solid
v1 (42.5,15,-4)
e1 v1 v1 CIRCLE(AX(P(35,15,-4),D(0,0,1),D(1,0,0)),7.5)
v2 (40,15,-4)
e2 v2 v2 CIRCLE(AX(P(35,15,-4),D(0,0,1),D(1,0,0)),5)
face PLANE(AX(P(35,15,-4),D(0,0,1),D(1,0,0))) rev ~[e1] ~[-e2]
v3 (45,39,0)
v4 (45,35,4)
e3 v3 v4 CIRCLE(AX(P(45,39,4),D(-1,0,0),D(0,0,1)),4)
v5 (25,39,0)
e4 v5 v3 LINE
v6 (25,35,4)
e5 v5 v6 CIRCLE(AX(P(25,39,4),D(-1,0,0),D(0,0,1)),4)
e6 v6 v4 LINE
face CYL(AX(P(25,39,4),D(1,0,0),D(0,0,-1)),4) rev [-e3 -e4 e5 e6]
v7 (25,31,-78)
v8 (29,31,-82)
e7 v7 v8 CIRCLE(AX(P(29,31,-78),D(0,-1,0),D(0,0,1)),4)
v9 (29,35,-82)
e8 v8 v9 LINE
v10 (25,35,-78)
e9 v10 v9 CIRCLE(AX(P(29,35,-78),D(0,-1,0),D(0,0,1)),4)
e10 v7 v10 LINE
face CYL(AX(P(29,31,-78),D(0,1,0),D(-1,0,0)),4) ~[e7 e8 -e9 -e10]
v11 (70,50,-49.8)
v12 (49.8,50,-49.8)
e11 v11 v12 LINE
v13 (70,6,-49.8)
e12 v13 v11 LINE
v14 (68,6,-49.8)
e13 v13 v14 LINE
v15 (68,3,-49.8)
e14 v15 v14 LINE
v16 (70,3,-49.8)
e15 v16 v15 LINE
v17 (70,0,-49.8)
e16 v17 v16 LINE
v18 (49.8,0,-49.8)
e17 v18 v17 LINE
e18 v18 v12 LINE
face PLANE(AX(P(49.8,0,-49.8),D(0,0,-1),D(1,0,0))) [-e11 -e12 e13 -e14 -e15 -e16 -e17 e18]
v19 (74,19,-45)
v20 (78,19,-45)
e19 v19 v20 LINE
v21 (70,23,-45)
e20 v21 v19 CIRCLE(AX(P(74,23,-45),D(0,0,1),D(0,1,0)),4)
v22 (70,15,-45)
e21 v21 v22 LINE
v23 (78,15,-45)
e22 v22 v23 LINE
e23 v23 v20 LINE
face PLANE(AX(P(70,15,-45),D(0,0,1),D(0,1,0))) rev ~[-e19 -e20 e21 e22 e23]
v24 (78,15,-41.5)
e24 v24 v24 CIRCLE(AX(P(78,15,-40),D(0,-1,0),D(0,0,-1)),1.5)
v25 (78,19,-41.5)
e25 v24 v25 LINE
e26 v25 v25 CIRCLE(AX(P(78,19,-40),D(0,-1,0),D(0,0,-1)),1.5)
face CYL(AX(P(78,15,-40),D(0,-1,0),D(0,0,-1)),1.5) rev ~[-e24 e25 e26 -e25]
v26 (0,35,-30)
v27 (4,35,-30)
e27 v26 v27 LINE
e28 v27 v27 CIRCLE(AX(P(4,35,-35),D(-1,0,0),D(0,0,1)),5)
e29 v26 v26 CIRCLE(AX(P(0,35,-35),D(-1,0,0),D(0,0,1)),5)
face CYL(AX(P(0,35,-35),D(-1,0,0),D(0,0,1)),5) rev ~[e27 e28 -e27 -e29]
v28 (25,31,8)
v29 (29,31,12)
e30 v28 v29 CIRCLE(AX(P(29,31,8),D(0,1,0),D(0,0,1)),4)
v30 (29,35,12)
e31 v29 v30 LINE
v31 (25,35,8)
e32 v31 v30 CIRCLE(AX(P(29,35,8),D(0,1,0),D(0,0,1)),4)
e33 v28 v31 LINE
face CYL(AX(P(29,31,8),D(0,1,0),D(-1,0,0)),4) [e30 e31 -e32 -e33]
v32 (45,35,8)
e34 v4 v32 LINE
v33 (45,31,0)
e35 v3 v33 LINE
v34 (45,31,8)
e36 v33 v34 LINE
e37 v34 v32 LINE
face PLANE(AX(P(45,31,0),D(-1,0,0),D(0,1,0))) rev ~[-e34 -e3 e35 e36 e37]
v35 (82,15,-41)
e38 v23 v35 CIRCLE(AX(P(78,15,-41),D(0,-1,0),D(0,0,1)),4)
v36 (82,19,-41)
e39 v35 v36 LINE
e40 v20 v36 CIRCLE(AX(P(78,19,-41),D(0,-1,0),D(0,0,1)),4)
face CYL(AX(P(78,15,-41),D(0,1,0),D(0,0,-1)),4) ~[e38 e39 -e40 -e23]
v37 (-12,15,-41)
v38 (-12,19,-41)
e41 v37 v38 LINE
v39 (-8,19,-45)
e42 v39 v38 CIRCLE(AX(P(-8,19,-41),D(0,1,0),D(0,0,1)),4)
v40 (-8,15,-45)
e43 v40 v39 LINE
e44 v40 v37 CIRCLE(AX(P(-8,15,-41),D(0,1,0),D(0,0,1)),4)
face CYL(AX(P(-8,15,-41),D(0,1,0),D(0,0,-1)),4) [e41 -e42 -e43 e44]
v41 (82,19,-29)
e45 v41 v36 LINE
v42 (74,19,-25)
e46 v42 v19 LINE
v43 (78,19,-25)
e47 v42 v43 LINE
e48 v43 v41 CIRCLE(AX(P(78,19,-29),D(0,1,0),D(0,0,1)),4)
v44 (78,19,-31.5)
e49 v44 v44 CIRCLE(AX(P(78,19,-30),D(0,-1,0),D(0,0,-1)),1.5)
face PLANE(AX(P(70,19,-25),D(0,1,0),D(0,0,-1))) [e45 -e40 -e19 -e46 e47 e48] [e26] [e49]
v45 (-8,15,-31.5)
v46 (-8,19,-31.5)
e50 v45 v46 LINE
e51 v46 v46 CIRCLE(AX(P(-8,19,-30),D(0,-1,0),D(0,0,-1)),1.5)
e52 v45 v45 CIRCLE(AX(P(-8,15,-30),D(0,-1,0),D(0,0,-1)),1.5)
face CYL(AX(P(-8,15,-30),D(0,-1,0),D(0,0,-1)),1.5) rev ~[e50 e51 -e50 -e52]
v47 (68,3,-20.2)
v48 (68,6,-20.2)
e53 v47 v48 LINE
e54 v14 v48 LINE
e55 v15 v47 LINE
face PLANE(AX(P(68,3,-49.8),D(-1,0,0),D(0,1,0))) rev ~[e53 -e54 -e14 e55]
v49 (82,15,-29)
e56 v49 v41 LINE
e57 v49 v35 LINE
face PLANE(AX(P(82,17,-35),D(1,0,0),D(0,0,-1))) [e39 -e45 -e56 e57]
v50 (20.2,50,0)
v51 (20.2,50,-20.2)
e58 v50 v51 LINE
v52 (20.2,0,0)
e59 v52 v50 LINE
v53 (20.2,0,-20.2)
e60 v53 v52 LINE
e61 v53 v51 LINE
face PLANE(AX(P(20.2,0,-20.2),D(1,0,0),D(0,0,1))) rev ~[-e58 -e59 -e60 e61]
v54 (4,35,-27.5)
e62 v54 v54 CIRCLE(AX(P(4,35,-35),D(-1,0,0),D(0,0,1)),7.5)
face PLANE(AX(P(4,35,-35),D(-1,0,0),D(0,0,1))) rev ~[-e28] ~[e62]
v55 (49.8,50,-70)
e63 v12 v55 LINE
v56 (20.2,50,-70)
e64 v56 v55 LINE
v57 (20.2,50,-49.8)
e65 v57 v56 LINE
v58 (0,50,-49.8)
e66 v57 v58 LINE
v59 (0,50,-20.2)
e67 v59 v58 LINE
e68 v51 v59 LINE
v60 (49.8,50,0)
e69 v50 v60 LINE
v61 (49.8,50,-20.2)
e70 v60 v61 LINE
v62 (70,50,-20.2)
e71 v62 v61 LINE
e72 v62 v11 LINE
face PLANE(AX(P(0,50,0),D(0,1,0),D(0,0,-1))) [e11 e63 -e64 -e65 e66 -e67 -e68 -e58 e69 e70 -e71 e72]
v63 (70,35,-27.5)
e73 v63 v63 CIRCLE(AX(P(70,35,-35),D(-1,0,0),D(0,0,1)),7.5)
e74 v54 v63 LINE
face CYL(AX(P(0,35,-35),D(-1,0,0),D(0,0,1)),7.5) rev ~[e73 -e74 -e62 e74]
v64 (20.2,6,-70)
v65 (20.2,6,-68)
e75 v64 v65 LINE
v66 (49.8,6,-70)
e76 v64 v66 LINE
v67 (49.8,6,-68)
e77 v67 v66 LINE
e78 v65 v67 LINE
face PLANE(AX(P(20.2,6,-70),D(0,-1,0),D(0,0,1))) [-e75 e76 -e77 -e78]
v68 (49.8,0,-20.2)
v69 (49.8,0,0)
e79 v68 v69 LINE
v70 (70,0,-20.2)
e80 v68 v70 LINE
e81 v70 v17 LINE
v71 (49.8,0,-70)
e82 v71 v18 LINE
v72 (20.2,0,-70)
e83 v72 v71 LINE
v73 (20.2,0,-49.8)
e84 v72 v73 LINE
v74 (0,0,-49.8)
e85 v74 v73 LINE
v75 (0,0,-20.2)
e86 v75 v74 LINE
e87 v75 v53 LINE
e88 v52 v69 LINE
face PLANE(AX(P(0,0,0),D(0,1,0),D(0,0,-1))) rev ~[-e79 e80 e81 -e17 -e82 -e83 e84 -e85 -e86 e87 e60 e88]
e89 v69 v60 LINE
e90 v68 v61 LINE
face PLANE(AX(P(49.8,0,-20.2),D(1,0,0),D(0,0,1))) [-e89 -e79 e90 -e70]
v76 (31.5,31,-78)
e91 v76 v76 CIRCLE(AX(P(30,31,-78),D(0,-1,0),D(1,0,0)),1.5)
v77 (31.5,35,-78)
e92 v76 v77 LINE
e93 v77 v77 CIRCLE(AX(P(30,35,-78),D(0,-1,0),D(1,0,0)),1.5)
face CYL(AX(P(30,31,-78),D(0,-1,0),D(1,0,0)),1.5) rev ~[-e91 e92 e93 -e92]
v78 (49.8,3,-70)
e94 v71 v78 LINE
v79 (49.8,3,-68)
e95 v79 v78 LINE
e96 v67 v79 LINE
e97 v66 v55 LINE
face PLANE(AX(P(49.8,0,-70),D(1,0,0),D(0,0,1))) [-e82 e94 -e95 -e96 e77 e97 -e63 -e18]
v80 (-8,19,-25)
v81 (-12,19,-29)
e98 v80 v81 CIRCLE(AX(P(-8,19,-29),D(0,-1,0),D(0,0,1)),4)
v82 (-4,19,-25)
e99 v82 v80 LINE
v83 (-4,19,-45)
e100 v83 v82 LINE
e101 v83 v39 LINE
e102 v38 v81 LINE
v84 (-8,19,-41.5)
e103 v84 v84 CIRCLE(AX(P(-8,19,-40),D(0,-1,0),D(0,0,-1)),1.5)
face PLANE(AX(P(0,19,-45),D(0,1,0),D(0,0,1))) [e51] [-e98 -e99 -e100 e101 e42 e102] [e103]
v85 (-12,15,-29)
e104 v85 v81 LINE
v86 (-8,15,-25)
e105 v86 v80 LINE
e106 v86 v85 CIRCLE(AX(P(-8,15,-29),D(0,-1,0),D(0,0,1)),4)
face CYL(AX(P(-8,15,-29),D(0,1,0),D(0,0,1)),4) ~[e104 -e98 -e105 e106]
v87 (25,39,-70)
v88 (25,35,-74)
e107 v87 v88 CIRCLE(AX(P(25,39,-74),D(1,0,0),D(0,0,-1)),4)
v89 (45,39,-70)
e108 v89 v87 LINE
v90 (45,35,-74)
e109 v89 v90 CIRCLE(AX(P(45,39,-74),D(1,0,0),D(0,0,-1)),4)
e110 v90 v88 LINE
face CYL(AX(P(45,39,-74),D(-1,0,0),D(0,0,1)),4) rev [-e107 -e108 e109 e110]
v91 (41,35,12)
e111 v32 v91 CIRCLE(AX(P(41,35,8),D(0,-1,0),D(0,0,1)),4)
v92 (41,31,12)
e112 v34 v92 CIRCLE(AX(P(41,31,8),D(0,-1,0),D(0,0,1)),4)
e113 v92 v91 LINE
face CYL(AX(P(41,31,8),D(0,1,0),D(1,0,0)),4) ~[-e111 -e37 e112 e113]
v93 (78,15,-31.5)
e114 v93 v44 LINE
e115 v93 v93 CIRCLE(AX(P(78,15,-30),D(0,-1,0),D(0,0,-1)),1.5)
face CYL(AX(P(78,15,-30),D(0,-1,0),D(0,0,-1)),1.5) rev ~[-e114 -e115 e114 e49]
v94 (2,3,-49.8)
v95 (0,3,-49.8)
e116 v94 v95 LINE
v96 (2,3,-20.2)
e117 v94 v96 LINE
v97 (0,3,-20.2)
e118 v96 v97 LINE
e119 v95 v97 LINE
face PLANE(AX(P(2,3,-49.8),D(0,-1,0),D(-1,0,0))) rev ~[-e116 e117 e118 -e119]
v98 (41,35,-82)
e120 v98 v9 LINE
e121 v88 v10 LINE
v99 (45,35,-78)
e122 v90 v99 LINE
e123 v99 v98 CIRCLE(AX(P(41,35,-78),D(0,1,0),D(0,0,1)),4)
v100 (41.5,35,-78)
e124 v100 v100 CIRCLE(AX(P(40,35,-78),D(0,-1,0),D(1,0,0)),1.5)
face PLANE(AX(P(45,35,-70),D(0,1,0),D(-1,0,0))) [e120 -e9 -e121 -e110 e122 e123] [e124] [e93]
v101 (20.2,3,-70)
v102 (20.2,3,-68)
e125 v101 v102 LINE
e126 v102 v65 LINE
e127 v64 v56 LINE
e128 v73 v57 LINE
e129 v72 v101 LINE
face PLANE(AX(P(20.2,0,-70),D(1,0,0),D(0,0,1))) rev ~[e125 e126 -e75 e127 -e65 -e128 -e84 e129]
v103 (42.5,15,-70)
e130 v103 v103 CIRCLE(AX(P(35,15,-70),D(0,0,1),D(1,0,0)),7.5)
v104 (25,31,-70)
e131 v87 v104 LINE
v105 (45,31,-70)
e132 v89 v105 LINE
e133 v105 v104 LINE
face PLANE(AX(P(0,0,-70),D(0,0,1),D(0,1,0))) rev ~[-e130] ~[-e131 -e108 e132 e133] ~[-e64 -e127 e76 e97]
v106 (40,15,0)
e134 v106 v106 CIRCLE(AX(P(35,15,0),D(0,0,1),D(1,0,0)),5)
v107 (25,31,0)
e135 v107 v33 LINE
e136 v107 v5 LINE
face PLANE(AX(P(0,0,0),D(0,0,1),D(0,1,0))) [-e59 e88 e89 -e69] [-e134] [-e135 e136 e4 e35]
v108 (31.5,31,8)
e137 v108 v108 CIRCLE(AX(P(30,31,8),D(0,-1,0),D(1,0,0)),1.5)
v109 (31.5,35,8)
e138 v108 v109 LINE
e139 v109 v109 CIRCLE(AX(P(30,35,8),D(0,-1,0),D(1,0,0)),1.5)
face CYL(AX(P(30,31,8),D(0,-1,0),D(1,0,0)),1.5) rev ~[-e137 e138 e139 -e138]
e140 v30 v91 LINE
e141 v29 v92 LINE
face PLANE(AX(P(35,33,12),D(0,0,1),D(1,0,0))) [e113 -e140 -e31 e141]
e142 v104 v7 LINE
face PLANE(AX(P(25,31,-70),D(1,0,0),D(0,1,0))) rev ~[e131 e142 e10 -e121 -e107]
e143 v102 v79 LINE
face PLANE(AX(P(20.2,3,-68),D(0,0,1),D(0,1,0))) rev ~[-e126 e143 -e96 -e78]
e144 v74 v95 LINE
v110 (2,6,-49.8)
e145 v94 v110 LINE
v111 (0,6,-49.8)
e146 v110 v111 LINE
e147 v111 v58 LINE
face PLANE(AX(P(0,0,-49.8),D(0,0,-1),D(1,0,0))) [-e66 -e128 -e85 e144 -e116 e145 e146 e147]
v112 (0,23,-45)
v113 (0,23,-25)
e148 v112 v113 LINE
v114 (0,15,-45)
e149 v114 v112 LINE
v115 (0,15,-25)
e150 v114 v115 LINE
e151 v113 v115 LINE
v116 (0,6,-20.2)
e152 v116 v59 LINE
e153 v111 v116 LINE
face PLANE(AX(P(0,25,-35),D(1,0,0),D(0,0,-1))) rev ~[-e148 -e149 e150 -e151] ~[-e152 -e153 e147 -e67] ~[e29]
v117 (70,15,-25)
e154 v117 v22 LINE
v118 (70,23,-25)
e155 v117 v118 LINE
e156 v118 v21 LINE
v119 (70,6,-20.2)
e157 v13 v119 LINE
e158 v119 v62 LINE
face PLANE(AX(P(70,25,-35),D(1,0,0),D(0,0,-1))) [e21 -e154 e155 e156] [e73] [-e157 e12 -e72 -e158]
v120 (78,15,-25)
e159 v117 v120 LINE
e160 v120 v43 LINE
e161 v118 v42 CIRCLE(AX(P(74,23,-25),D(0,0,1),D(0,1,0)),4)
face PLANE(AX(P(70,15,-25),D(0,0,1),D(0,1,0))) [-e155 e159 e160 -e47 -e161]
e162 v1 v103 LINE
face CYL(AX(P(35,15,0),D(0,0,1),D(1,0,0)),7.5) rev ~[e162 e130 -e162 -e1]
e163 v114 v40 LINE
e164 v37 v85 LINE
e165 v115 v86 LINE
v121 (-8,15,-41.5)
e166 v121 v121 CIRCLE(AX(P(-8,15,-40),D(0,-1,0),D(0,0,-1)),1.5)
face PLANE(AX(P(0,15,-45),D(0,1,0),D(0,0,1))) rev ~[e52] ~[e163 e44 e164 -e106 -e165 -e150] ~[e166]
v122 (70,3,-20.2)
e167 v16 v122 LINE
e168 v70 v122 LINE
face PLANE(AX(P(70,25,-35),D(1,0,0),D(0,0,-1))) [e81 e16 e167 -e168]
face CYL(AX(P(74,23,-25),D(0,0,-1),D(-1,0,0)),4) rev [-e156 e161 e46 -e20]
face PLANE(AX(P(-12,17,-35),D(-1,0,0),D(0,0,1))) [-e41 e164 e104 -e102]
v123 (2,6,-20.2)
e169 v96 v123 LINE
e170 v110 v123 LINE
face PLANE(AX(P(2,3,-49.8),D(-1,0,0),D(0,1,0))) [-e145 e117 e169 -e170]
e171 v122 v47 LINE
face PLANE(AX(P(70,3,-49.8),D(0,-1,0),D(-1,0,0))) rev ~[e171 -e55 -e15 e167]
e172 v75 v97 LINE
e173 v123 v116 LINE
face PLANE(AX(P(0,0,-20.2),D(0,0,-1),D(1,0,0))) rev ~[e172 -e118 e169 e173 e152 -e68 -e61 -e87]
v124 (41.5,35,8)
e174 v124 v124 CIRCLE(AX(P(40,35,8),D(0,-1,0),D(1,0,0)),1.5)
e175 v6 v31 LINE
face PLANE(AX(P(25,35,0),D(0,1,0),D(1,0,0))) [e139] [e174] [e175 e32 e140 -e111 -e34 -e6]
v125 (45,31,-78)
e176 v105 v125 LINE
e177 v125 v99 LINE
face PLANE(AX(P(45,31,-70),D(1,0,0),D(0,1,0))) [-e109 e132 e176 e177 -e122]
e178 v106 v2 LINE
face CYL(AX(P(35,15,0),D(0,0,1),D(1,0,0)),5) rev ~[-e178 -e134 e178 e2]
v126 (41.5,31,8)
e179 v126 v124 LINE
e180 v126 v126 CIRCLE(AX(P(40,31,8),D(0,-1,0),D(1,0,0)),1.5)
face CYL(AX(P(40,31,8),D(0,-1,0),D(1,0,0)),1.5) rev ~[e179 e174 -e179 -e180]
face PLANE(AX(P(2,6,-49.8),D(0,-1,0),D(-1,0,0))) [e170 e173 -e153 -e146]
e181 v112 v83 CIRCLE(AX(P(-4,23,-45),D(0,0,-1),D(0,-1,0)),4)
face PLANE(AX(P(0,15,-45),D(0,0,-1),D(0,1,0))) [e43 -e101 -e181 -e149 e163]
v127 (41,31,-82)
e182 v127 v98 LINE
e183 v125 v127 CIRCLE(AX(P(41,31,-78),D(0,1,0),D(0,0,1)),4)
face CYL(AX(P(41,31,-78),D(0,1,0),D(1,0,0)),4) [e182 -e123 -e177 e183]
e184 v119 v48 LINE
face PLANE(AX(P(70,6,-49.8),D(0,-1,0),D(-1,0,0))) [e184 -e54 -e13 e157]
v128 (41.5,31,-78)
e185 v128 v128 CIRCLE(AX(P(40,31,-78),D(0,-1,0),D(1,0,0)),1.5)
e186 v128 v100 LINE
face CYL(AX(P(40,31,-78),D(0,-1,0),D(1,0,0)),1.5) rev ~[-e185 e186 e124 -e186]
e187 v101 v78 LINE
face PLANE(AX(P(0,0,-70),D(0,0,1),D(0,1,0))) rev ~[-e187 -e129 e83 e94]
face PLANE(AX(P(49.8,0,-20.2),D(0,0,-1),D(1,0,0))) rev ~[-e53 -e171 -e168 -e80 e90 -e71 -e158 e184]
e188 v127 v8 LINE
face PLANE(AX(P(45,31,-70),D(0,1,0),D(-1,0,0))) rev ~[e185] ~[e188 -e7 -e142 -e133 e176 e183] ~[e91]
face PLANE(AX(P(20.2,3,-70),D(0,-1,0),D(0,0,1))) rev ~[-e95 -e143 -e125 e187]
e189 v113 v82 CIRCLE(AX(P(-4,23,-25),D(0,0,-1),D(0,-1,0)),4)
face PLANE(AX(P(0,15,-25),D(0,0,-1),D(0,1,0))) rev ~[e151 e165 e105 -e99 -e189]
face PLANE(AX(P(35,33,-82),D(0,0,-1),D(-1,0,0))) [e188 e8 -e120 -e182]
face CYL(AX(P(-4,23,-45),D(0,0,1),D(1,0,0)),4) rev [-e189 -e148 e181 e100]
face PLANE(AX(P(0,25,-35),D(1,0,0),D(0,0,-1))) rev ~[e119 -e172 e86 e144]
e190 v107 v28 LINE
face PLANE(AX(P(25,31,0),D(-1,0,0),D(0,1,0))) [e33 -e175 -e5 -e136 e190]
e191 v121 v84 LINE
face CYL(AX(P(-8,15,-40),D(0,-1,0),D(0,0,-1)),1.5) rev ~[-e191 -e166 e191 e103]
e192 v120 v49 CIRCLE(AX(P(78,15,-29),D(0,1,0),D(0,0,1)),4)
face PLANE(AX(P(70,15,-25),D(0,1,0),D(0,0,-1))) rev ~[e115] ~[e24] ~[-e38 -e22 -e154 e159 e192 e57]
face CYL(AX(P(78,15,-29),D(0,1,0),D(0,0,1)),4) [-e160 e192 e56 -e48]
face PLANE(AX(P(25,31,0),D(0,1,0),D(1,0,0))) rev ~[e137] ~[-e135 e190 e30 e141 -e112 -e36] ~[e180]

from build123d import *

# Parameters (mm, degrees)
ESQUISSE1_W              = 70
ESQUISSE1_H              = 50
BOSS_EXTRU_1_DEPTH       = 70
ESQUISSE2_R              = 7.5
ENL_V_MAT_EXTRU_1_DEPTH  = 71
ESQUISSE3_R              = 7.5
ENL_V_MAT_EXTRU_2_DEPTH  = 71
ESQUISSE4_W              = 20.2
ESQUISSE4_H              = 20.2
ENL_V_MAT_EXTRU_3_DEPTH  = 51
ESQUISSE7_R              = 11.73674641
ESQUISSE7_R_2            = 5
BOSS_EXTRU_3_DEPTH       = 4
ESQUISSE8_R              = 12.196693844
ESQUISSE8_R_2            = 5
BOSS_EXTRU_4_DEPTH       = 4
ESQUISSE9_W              = 2
ESQUISSE9_H              = 3
ENL_V_MAT_EXTRU_4_DEPTH  = 50.8
ESQUISSE10_W             = 2
ESQUISSE10_H             = 3
ENL_V_MAT_EXTRU_5_DEPTH  = 50.8
ESQUISSE11_W             = 2
ESQUISSE11_H             = 3
ENL_V_MAT_EXTRU_6_DEPTH  = 50.8
ESQUISSE12_W             = 20
ESQUISSE12_H             = 4
BOSS_EXTRU_5_DEPTH       = 12
ESQUISSE13_R             = 1.5
ENL_V_MAT_EXTRU_7_DEPTH  = 36
CONG_1_R                 = 4
ESQUISSE14_W             = 20
ESQUISSE14_H             = 4
BOSS_EXTRU_6_DEPTH       = 12
ESQUISSE15_R             = 1.5
ENL_V_MAT_EXTRU_8_DEPTH  = 36
CONG_3_R                 = 4
ESQUISSE16_W             = 20
ESQUISSE16_H             = 4
BOSS_EXTRU_7_DEPTH       = 12
ESQUISSE17_R             = 1.5
ENL_V_MAT_EXTRU_9_DEPTH  = 20
CONG_4_R                 = 4
ESQUISSE18_W             = 20
ESQUISSE18_H             = 4
BOSS_EXTRU_8_DEPTH       = 12
ESQUISSE19_R             = 1.5
ENL_V_MAT_EXTRU_10_DEPTH = 20
CONG_5_R                 = 4
CONG_6_R                 = 4


with BuildPart() as part:
    # Esquisse1 → Boss.-Extru.1 (new body)
    with BuildSketch(Plane(origin=(0, 0, 0), x_dir=(0, 0, -1), z_dir=(1, 0, 0))):
        with Locations((35, 25)):
            Rectangle(ESQUISSE1_W, ESQUISSE1_H)
    extrude(amount=BOSS_EXTRU_1_DEPTH)

    # Esquisse2 → Enlèv. mat.-Extru.1 (cut, through all)
    with BuildSketch(Plane.XY):
        with Locations((35, 15)):
            Circle(ESQUISSE2_R)
    extrude(amount=-ENL_V_MAT_EXTRU_1_DEPTH, mode=Mode.SUBTRACT)

    # Esquisse3 → Enlèv. mat.-Extru.2 (cut, through all)
    with BuildSketch(Plane.ZY):
        with Locations((-35, 35)):
            Circle(ESQUISSE3_R)
    extrude(amount=-ENL_V_MAT_EXTRU_2_DEPTH, mode=Mode.SUBTRACT)

    # Esquisse4 → Enlèv. mat.-Extru.3 (cut, through all)
    with BuildSketch(Plane.XZ):
        with Locations((10.1, -59.9)):
            Rectangle(ESQUISSE4_W, ESQUISSE4_H)
        with Locations((10.1, -10.1)):
            Rectangle(ESQUISSE4_W, ESQUISSE4_H)
        with Locations((59.9, -10.1)):
            Rectangle(ESQUISSE4_W, ESQUISSE4_H)
        with Locations((59.9, -59.9)):
            Rectangle(ESQUISSE4_W, ESQUISSE4_H)
    extrude(amount=-ENL_V_MAT_EXTRU_3_DEPTH, mode=Mode.SUBTRACT)

    # Esquisse7 → Boss.-Extru.3 (add)
    with BuildSketch(Plane.XY):
        with Locations((35, 15)):
            Circle(ESQUISSE7_R)
        with Locations((35, 15)):
            Circle(ESQUISSE7_R_2, mode=Mode.SUBTRACT)
    extrude(amount=-BOSS_EXTRU_3_DEPTH)

    # Esquisse8 → Boss.-Extru.4 (add)
    with BuildSketch(Plane.ZY):
        with Locations((-35, 35)):
            Circle(ESQUISSE8_R)
        with Locations((-35, 35)):
            Circle(ESQUISSE8_R_2, mode=Mode.SUBTRACT)
    extrude(amount=-BOSS_EXTRU_4_DEPTH)

    # Esquisse9 → Enlèv. mat.-Extru.4 (cut, through all)
    with BuildSketch(Plane.ZY.offset(-20.2)):
        with Locations((-69, 4.5)):
            Rectangle(ESQUISSE9_W, ESQUISSE9_H)
    extrude(amount=-ENL_V_MAT_EXTRU_4_DEPTH, mode=Mode.SUBTRACT)

    # Esquisse10 → Enlèv. mat.-Extru.5 (cut, through all)
    with BuildSketch(Plane(origin=(0, 0, -49.8), x_dir=(-1, 0, 0), z_dir=(0, 0, -1))):
        with Locations((-1, 4.5)):
            Rectangle(ESQUISSE10_W, ESQUISSE10_H)
    extrude(amount=-ENL_V_MAT_EXTRU_5_DEPTH, mode=Mode.SUBTRACT)

    # Esquisse11 → Enlèv. mat.-Extru.6 (cut, through all)
    with BuildSketch(Plane(origin=(0, 0, -49.8), x_dir=(-1, 0, 0), z_dir=(0, 0, -1))):
        with Locations((-69, 4.5)):
            Rectangle(ESQUISSE11_W, ESQUISSE11_H)
    extrude(amount=-ENL_V_MAT_EXTRU_6_DEPTH, mode=Mode.SUBTRACT)

    # Esquisse12 → Boss.-Extru.5 (add)
    with BuildSketch(Plane.ZY):
        with Locations((-35, 17)):
            Rectangle(ESQUISSE12_W, ESQUISSE12_H)
    extrude(amount=BOSS_EXTRU_5_DEPTH)

    # Esquisse13 → Enlèv. mat.-Extru.7 (cut, through all)
    with BuildSketch(Plane.XZ.offset(-15)):
        with Locations(Location((-8, -30, 0), (0, 0, 270))):  # turned: the seam where the file's is
            Circle(ESQUISSE13_R)
        with Locations(Location((-8, -40, 0), (0, 0, 270))):  # turned: the seam where the file's is
            Circle(ESQUISSE13_R)
    extrude(amount=-ENL_V_MAT_EXTRU_7_DEPTH, mode=Mode.SUBTRACT)

    # Congé1
    cong_1_edges = [part.edges().sort_by_distance(p)[0] for p in [
        (-12, 17, -25),
        (-12, 17, -45),
    ]]
    fillet(cong_1_edges, radius=CONG_1_R)

    # Esquisse14 → Boss.-Extru.6 (add)
    with BuildSketch(Plane(origin=(70, 0, 0), x_dir=(0, 0, -1), z_dir=(1, 0, 0))):
        with Locations((35, 17)):
            Rectangle(ESQUISSE14_W, ESQUISSE14_H)
    extrude(amount=BOSS_EXTRU_6_DEPTH)

    # Esquisse15 → Enlèv. mat.-Extru.8 (cut, through all)
    with BuildSketch(Plane.XZ.offset(-15)):
        with Locations(Location((78, -40, 0), (0, 0, 270))):  # turned: the seam where the file's is
            Circle(ESQUISSE15_R)
        with Locations(Location((78, -30, 0), (0, 0, 270))):  # turned: the seam where the file's is
            Circle(ESQUISSE15_R)
    extrude(amount=-ENL_V_MAT_EXTRU_8_DEPTH, mode=Mode.SUBTRACT)

    # Congé3
    cong_3_edges = [part.edges().sort_by_distance(p)[0] for p in [
        (82, 17, -45),
        (82, 17, -25),
    ]]
    fillet(cong_3_edges, radius=CONG_3_R)

    # Esquisse16 → Boss.-Extru.7 (add)
    with BuildSketch(Plane.XY):
        with Locations((35, 33)):
            Rectangle(ESQUISSE16_W, ESQUISSE16_H)
    extrude(amount=BOSS_EXTRU_7_DEPTH)

    # Esquisse17 → Enlèv. mat.-Extru.9 (cut, through all)
    with BuildSketch(Plane.XZ.offset(-31)):
        with Locations((40, 8)):
            Circle(ESQUISSE17_R)
        with Locations((30, 8)):
            Circle(ESQUISSE17_R)
    extrude(amount=-ENL_V_MAT_EXTRU_9_DEPTH, mode=Mode.SUBTRACT)

    # Congé4
    cong_4_edges = [part.edges().sort_by_distance(p)[0] for p in [
        (45, 33, 12),
        (25, 33, 12),
    ]]
    fillet(cong_4_edges, radius=CONG_4_R)

    # Esquisse18 → Boss.-Extru.8 (add)
    with BuildSketch(Plane(origin=(0, 0, -70), x_dir=(-1, 0, 0), z_dir=(0, 0, -1))):
        with Locations((-35, 33)):
            Rectangle(ESQUISSE18_W, ESQUISSE18_H)
    extrude(amount=BOSS_EXTRU_8_DEPTH)

    # Esquisse19 → Enlèv. mat.-Extru.10 (cut, through all)
    with BuildSketch(Plane.XZ.offset(-31)):
        with Locations((30, -78)):
            Circle(ESQUISSE19_R)
        with Locations((40, -78)):
            Circle(ESQUISSE19_R)
    extrude(amount=-ENL_V_MAT_EXTRU_10_DEPTH, mode=Mode.SUBTRACT)

    # Congé5
    cong_5_edges = [part.edges().sort_by_distance(p)[0] for p in [
        (25, 33, -82),
        (45, 33, -82),
    ]]
    fillet(cong_5_edges, radius=CONG_5_R)

    # Congé6
    cong_6_edges = [part.edges().sort_by_distance(p)[0] for p in [
        (0, 19, -35),
        (70, 19, -35),
        (35, 35, 0),
        (35, 35, -70),
    ]]
    fillet(cong_6_edges, radius=CONG_6_R)


solid = part.part
